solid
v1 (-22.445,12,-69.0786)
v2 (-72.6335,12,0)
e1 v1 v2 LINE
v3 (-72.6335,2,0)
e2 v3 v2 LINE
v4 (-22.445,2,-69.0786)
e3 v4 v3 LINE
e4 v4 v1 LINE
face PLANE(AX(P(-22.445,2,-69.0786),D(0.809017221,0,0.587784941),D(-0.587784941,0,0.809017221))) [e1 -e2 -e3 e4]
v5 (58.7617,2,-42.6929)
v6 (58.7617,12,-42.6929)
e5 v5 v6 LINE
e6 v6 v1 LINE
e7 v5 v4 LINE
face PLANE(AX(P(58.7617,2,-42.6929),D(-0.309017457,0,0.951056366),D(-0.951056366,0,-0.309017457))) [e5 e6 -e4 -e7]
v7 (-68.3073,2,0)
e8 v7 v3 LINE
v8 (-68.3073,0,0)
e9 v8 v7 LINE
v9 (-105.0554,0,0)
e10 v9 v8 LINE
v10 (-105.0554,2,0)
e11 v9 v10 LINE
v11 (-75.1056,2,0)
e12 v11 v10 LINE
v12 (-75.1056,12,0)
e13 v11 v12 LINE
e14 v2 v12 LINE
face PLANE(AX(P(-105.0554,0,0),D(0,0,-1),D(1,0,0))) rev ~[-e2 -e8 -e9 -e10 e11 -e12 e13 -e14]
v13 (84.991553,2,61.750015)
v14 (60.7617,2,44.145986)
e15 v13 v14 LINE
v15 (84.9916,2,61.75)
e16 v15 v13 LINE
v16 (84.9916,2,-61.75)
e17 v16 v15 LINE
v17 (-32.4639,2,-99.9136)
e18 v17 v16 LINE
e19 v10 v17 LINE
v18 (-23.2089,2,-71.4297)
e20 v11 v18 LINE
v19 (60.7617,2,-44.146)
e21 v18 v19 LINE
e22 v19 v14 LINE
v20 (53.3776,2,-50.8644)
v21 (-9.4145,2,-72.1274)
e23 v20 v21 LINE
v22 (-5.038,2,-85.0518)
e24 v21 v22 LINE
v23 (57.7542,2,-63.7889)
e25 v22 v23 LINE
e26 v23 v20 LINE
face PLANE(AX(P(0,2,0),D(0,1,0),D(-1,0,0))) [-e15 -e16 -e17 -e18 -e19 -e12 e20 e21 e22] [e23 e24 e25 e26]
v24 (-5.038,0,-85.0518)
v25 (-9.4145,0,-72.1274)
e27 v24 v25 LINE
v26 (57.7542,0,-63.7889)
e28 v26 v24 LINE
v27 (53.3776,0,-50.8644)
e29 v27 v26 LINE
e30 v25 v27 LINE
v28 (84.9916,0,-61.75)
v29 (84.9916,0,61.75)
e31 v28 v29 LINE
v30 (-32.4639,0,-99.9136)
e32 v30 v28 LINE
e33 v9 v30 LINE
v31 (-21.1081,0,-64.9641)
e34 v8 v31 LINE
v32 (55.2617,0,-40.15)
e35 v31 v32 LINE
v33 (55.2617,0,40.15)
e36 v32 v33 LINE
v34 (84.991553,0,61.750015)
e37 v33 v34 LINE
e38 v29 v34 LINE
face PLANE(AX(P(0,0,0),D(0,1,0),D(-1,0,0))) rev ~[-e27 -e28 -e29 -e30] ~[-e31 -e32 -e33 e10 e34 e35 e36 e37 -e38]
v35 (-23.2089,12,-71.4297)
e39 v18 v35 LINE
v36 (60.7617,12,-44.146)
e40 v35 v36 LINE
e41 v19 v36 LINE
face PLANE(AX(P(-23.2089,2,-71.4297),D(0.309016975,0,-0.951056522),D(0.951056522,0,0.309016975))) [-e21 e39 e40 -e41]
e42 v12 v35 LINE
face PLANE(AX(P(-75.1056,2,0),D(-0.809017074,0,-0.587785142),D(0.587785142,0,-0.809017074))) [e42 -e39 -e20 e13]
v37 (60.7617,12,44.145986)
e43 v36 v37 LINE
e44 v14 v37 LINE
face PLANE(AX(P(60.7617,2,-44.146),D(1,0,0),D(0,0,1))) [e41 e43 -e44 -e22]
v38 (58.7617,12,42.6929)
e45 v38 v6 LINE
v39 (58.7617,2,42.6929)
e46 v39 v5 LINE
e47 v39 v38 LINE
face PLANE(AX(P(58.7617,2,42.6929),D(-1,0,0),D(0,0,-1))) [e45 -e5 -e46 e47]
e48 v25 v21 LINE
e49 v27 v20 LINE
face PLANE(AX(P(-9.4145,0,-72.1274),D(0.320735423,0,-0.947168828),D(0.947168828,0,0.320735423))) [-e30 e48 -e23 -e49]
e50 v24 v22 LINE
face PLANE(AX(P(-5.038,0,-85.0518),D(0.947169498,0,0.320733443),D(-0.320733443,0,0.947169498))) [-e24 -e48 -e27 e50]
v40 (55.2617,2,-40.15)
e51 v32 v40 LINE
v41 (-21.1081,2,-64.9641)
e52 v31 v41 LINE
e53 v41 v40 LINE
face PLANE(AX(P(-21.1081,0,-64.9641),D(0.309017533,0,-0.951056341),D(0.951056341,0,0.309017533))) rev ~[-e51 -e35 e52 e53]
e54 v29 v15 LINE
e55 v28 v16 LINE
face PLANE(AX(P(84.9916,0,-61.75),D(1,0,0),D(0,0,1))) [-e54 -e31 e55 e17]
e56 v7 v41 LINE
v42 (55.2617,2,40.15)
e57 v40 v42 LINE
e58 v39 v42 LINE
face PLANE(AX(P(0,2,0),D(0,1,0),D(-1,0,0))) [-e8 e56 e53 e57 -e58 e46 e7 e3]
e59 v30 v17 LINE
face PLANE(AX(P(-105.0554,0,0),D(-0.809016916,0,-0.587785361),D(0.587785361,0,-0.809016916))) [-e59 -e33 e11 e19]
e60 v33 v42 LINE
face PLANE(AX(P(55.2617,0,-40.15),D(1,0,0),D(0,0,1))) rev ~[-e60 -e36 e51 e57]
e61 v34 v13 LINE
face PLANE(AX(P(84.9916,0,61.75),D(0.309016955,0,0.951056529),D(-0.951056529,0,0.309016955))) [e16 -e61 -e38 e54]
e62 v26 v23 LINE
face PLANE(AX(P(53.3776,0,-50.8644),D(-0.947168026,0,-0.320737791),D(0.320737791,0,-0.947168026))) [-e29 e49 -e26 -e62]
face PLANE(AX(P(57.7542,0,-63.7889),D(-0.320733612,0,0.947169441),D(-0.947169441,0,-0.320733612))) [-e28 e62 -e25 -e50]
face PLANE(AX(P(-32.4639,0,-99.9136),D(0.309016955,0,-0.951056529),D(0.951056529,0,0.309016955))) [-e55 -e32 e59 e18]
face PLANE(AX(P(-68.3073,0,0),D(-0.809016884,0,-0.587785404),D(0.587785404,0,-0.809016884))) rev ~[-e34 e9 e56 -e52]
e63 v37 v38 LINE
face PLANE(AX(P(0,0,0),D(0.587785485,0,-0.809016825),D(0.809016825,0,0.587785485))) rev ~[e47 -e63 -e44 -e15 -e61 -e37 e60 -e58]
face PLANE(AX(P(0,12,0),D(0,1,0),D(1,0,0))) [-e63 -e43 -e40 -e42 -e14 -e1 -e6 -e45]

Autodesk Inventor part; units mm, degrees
ref_plane "YZ Plane" through (0, 0, 0) normal (1, 0, 0) x (0, 1, 0)
ref_plane "XZ Plane" through (0, 0, 0) normal (0, 1, 0) x (-1, 0, 0)
ref_plane "XY Plane" through (0, 0, 0) normal (0, 0, 1) x (1, 0, 0)
sketch "草图1" plane through (0, 0, 0) normal (0, 1, 0) x (-1, 0, 0)
  line L0 (68.3073, 0) -> (21.1081, -64.9641)
  line L1 (21.1081, -64.9641) -> (-55.2617, -40.15)
  line L2 (-55.2617, -40.15) -> (-55.2617, 40.15)
  line L3 (-55.2617, 40.15) -> (21.1081, 64.9641)
  line L4 (21.1081, 64.9641) -> (68.3073, 0)
  line L5 (105.0554, 0) -> (32.4639, -99.9136)
  line L6 (32.4639, -99.9136) -> (-84.9916, -61.75)
  line L7 (-84.9916, -61.75) -> (-84.9916, 61.75)
  line L8 (-84.9916, 61.75) -> (32.4639, 99.9136)
  line L9 (32.4639, 99.9136) -> (105.0554, 0)
  point P0 (0, 0)
  point P1 (0, 0)
  point P2 (0, 0)
  dimension "d0" = 80.3
  dimension "d1" = 123.5
extrude "拉伸1" add sketch "草图1" along normal blind 2
sketch "草图2" plane through (0, 2, 0) normal (0, 1, 0) x (1, 0, 0)
  line L0 (-21.1081, 64.9641) -> (55.2617, 40.15) projected
  line L1 (55.2617, 40.15) -> (55.2617, -40.15) projected
  line L2 (55.2617, -40.15) -> (-21.1081, -64.9641) projected
  line L3 (-21.1081, -64.9641) -> (-68.3073, 0) projected
  line L4 (-68.3073, 0) -> (-21.1081, 64.9641) projected
  line L5 (-32.4639, 99.9136) -> (-105.0554, 0) projected
  line L6 (-105.0554, 0) -> (-32.4639, -99.9136) projected
  line L7 (-32.4639, -99.9136) -> (84.9916, -61.75) projected
  line L8 (84.9916, -61.75) -> (84.9916, 61.75) projected
  line L9 (84.9916, 61.75) -> (-32.4639, 99.9136) projected
  line L10 (58.7617, 42.6929) -> (-22.445, 69.0786)
  line L11 (-22.445, 69.0786) -> (-72.6335, 0)
  line L12 (-72.6335, 0) -> (-22.445, -69.0786)
  line L13 (-22.445, -69.0786) -> (58.7617, -42.6929)
  line L14 (58.7617, -42.6929) -> (58.7617, 42.6929)
  line L15 (-23.2089, 71.4297) -> (60.7617, 44.146)
  line L16 (60.7617, 44.146) -> (60.7617, -44.146)
  line L17 (60.7617, -44.146) -> (-23.2089, -71.4297)
  line L18 (-23.2089, -71.4297) -> (-75.1056, 0)
  line L19 (-75.1056, 0) -> (-23.2089, 71.4297)
  point P0 (0, 0)
  dimension "d4" = 3.5
  dimension "d5" = 2
extrude "拉伸2" add sketch "草图2" along normal blind 10 contours L15 L16 L17 L18 L19
sketch "草图3" plane through (0, 0, 0) normal (0, -1, 0) x (1, 0, 0)
  line L0 (-9.4145, -72.1274) -> (53.3776, -50.8644)
  line L1 (53.3776, -50.8644) -> (57.7542, -63.7889)
  line L2 (57.7542, -63.7889) -> (-5.038, -85.0518)
  line L3 (-5.038, -85.0518) -> (-9.4145, -72.1274)
  point P0 (0, 0)
extrude "拉伸3" cut sketch "草图3" against normal blind 10
sketch "草图4" plane through (0, 0, 0) normal (0, -1, 0) x (1, 0, 0)
  line L0 (-105.0554, 0) -> (-32.4639, -99.9136) projected
  line L1 (-105.0554, 0) -> (0, 0)
  line L2 (0, 0) -> (99.3977, 72.2167)
  line L3 (99.3977, 72.2167) -> (-62.0091, 125.592)
  line L4 (-62.0091, 125.592) -> (-127.7953, 9.1282)
  line L5 (-127.7953, 9.1282) -> (-105.0554, 0)
extrude "拉伸4" cut sketch "草图4" against normal blind 20
properties part number "上部端盖" material "橡胶"
